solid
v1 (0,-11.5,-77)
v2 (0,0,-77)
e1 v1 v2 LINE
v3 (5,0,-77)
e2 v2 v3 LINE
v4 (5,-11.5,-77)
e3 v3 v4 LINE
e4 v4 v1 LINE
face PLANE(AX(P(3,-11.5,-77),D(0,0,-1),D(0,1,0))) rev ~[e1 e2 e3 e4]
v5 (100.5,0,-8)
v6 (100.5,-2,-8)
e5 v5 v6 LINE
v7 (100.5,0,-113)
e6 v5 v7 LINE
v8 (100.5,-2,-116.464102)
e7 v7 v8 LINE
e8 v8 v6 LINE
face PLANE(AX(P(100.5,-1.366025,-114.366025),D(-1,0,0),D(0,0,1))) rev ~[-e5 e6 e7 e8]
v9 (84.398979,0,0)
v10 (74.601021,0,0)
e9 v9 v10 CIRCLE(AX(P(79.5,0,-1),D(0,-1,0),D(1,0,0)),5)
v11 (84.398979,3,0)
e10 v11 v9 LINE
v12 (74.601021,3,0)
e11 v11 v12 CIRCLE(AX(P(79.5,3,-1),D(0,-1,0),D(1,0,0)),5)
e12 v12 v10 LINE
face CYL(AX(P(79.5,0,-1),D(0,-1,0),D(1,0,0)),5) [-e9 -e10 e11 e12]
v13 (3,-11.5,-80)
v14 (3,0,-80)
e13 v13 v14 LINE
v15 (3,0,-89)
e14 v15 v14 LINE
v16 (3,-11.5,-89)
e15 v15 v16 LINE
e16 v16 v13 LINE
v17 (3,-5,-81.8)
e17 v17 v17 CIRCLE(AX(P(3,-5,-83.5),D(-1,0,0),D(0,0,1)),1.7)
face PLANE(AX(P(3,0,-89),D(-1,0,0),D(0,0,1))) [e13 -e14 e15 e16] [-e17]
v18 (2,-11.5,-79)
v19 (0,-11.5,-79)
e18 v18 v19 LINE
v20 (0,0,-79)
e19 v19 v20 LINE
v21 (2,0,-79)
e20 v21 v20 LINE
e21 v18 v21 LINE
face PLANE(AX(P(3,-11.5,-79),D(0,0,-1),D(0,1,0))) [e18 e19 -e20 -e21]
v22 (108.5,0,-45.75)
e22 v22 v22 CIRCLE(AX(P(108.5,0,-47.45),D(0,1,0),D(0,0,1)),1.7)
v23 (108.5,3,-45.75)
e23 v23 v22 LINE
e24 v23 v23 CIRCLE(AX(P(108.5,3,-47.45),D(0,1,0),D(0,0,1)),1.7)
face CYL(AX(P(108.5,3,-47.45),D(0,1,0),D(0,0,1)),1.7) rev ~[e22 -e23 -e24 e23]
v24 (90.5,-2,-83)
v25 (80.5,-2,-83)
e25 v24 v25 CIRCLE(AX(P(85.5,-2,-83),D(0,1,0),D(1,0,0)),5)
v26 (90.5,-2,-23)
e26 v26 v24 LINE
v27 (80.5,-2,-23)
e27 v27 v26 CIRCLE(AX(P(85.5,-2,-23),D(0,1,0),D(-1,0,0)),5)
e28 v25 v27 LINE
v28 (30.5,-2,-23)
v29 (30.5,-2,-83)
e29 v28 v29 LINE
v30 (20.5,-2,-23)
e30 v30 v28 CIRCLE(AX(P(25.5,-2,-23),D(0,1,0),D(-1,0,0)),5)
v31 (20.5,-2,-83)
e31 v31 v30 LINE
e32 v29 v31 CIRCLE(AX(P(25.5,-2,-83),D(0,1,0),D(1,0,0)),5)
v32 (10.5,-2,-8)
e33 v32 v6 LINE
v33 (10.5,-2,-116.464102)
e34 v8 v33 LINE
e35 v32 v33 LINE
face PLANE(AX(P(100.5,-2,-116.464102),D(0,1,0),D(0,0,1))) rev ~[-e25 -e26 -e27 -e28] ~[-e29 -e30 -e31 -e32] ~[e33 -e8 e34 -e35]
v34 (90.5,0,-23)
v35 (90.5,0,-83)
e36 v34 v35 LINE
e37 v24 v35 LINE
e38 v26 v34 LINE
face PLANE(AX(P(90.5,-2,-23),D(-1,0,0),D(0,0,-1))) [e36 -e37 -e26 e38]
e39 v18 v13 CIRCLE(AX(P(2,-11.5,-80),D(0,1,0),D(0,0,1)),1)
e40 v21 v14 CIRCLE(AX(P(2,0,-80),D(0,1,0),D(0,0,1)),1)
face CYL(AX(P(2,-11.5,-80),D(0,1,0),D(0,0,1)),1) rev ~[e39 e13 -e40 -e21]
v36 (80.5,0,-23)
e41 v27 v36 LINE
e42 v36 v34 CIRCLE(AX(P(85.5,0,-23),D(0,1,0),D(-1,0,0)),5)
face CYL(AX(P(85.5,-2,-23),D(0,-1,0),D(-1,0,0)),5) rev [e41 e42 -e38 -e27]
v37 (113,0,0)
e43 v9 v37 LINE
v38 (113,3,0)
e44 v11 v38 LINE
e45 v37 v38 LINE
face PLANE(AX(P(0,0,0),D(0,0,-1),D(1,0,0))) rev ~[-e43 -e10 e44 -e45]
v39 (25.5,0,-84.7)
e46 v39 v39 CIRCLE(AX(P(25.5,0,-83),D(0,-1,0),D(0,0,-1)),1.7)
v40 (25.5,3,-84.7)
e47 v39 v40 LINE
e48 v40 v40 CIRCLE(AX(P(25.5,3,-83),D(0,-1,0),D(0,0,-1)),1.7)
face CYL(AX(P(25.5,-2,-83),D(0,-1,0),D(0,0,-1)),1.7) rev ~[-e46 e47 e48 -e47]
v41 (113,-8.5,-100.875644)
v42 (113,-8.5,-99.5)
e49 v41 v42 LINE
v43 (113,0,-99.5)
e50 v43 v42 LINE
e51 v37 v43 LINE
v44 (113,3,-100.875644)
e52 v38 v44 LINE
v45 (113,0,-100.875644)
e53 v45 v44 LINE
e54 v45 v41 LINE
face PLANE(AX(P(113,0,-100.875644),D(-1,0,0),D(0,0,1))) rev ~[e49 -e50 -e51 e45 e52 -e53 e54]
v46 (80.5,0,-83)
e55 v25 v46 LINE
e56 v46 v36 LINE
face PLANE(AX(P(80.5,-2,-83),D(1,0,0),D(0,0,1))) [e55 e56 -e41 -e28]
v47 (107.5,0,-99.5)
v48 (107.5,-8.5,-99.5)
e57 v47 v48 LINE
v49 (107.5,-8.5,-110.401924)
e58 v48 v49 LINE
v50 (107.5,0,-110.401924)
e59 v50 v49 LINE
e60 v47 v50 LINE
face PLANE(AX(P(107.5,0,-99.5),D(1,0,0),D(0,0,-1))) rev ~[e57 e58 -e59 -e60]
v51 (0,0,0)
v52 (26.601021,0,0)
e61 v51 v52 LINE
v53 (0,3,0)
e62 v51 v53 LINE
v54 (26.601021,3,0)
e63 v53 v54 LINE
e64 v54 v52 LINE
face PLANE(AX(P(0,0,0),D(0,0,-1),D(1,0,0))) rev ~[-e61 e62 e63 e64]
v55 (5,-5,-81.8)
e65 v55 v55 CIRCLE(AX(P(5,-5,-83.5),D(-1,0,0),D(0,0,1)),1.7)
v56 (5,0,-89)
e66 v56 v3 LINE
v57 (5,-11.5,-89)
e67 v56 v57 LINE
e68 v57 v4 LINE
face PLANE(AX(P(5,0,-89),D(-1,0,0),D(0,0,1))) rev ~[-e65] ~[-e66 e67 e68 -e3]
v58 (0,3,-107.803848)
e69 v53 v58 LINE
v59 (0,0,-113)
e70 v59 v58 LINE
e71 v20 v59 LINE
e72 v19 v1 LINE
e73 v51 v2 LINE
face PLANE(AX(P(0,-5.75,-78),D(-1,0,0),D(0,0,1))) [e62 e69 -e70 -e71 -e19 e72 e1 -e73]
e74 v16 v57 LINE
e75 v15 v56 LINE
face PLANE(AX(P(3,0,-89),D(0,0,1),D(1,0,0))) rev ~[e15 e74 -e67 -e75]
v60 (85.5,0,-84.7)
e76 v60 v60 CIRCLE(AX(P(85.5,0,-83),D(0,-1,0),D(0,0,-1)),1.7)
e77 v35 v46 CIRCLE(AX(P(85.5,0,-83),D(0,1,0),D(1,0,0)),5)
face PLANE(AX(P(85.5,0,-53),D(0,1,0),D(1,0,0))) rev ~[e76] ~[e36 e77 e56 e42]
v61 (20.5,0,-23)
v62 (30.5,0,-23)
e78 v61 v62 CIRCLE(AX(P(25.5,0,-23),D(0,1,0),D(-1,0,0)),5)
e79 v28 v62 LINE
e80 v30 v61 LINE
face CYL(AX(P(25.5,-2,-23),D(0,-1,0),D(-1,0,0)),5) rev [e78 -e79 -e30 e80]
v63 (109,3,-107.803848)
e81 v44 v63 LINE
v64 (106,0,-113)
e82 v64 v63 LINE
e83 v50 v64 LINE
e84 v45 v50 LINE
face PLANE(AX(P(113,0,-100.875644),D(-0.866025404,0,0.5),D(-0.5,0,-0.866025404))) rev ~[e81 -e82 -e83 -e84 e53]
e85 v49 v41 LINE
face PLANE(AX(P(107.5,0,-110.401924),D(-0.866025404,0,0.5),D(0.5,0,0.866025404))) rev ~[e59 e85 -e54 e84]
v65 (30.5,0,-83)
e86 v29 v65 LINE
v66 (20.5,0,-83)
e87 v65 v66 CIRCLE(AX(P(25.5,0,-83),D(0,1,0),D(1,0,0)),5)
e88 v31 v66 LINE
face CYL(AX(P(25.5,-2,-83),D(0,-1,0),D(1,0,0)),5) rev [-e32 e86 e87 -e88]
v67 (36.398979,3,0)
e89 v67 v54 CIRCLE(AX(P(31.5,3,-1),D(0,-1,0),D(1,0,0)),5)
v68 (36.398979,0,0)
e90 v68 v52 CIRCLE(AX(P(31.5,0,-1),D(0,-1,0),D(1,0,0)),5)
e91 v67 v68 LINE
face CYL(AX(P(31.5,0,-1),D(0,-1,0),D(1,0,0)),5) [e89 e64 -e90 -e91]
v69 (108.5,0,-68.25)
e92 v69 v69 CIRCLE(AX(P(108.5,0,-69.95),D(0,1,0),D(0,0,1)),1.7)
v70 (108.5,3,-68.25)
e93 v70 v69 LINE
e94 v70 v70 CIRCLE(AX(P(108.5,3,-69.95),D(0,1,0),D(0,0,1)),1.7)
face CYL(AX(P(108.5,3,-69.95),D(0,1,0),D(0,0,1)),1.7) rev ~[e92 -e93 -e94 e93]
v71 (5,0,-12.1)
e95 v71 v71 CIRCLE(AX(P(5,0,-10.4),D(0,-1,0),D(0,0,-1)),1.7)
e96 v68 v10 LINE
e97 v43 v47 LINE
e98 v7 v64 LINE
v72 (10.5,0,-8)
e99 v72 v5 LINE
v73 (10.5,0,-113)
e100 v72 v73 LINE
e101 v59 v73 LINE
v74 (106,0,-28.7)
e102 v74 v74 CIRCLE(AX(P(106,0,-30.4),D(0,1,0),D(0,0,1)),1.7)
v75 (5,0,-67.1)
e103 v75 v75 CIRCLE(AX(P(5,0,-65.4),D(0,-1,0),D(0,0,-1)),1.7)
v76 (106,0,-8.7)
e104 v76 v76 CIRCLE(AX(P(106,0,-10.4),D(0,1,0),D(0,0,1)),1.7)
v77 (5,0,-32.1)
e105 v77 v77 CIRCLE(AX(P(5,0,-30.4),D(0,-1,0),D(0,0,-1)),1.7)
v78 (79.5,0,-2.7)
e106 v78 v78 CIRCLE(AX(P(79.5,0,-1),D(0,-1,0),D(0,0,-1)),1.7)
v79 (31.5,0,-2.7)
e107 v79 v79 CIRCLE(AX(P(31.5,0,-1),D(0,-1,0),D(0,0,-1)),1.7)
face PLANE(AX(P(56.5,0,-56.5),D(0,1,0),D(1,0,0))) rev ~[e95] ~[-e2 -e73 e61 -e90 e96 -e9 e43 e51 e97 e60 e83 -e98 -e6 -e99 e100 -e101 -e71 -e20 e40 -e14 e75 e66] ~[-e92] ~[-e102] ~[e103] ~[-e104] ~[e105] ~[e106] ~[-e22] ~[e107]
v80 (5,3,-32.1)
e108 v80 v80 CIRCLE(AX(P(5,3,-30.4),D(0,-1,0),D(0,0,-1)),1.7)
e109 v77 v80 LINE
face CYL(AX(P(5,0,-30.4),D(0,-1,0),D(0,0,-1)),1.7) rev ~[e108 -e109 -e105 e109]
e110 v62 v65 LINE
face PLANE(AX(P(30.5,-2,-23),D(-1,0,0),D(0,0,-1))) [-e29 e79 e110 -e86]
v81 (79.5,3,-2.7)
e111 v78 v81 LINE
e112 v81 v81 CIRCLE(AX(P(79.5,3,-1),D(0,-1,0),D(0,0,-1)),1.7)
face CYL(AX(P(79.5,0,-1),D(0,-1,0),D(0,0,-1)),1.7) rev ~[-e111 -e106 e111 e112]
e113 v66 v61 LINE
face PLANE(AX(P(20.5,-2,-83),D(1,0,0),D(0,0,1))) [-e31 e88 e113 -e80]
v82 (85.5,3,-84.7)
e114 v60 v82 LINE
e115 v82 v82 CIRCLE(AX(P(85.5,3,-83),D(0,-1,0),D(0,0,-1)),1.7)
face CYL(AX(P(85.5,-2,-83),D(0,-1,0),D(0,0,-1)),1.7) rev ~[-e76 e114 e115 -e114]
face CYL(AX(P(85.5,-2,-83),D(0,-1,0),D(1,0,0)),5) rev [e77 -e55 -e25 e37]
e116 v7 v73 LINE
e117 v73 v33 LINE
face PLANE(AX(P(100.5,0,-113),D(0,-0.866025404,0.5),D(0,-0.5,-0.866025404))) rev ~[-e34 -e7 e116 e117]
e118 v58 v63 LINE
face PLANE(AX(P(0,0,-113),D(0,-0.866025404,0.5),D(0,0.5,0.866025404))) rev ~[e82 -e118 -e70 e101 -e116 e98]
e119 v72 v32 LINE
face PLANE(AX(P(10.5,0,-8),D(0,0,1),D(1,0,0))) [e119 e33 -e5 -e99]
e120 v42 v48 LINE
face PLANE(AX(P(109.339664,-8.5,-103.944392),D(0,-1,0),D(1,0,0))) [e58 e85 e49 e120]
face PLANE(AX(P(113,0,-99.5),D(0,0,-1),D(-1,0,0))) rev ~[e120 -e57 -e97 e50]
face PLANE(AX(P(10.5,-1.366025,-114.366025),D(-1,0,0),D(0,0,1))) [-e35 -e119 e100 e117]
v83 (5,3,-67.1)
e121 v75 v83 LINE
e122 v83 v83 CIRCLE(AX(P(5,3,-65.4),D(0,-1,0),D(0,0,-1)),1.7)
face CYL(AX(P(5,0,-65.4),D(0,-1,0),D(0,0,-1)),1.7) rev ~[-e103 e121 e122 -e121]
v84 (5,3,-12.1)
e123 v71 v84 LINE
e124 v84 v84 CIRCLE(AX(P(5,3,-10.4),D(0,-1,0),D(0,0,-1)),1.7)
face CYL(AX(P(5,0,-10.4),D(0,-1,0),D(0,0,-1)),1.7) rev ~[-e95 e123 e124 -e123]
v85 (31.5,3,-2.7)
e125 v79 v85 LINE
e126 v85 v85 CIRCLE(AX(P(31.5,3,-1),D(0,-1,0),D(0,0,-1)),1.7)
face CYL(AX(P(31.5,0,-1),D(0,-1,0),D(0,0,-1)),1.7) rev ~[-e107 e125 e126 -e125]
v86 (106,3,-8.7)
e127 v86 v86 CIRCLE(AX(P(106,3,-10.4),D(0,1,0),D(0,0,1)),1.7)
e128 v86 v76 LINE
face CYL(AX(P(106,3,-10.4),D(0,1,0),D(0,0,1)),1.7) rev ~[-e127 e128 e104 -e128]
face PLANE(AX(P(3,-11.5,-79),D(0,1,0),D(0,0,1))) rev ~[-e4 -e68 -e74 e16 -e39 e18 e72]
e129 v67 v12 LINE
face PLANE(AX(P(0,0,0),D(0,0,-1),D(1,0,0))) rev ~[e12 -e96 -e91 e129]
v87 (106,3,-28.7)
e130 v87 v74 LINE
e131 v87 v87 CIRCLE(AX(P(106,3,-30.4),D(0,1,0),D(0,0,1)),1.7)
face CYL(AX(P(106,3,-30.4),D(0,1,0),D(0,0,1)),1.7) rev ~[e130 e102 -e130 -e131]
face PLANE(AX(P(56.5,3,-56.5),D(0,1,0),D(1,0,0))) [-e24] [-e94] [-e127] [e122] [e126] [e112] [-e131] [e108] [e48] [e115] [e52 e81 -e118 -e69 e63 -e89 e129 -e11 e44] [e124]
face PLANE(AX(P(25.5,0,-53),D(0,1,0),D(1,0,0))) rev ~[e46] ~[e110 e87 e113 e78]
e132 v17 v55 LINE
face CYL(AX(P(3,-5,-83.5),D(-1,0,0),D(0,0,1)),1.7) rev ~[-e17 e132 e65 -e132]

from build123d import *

# Parameters (mm, degrees)
SKETCH_1_W          = 113
SKETCH_1_H          = 113
EXTRUDE_1_DEPTH     = 3
CUT_EXTRUDE_1_REACH = 161.834
SKETCH_2_R          = 1.7
SKETCH_3_W          = 90
SKETCH_3_H          = 105
EXTRUDE_2_DEPTH     = 2
SKETCH_5_R          = 5
EXTRUDE_3_DEPTH     = 3
CUT_EXTRUDE_2_REACH = 161.834
SKETCH_6_R          = 1.7
CUT_EXTRUDE_3_REACH = 161.834
SKETCH_7_R          = 1.7
CUT_EXTRUDE_4_REACH = 161.884
SKETCH_8_R          = 1.7
EXTRUDE_5_DEPTH     = 90
CUT_EXTRUDE_5_DEPTH = 2
SKETCH_13_W         = 2
SKETCH_13_H         = 12
EXTRUDE_6_DEPTH     = 11.5
CUT_EXTRUDE_6_REACH = 162.612
SKETCH_14_R         = 1.7
CUT_EXTRUDE_7_REACH = 164.681
EXTRUDE_7_DEPTH     = 8.5
SKETCH_17_W         = 2
SKETCH_17_H         = 11.5
EXTRUDE_8_DEPTH     = 3
FILLET_1_R          = 1
CUT_EXTRUDE_8_DEPTH = 163.681089759


with BuildPart() as part:
    # 草图1 → 凸台-拉伸1 (new body)
    with BuildSketch(Plane(origin=(0, 0, 0), x_dir=(1, 0, 0), z_dir=(0, 1, 0))):
        with Locations((56.5, 56.5)):
            Rectangle(SKETCH_1_W, SKETCH_1_H)
    extrude(amount=EXTRUDE_1_DEPTH)

    # 草图2 → 切除-拉伸1 (cut, up to next)
    with BuildSketch(Plane(origin=(0, 3, 0), x_dir=(1, 0, 0), z_dir=(0, 1, 0)), mode=Mode.PRIVATE) as cut_extrude_1_sk1:
        with Locations(Location((108.5, 69.95, 0), (0, 0, 270))):
            Circle(SKETCH_2_R)
    cut_extrude_1_tool1 = extrude(cut_extrude_1_sk1.sketch, amount=-CUT_EXTRUDE_1_REACH, mode=Mode.PRIVATE) & part.part
    # 草图2 → 切除-拉伸1 (cut, up to next)
    with BuildSketch(Plane(origin=(0, 3, 0), x_dir=(1, 0, 0), z_dir=(0, 1, 0)), mode=Mode.PRIVATE) as cut_extrude_1_sk2:
        with Locations(Location((108.5, 47.45, 0), (0, 0, 270))):
            Circle(SKETCH_2_R)
    cut_extrude_1_tool2 = extrude(cut_extrude_1_sk2.sketch, amount=-CUT_EXTRUDE_1_REACH, mode=Mode.PRIVATE) & part.part
    # 草图2 → 切除-拉伸1 (cut, up to next)
    with BuildSketch(Plane(origin=(0, 3, 0), x_dir=(1, 0, 0), z_dir=(0, 1, 0)), mode=Mode.PRIVATE) as cut_extrude_1_sk3:
        with Locations(Location((106, 30.4, 0), (0, 0, 270))):
            Circle(SKETCH_2_R)
    cut_extrude_1_tool3 = extrude(cut_extrude_1_sk3.sketch, amount=-CUT_EXTRUDE_1_REACH, mode=Mode.PRIVATE) & part.part
    # 草图2 → 切除-拉伸1 (cut, up to next)
    with BuildSketch(Plane(origin=(0, 3, 0), x_dir=(1, 0, 0), z_dir=(0, 1, 0)), mode=Mode.PRIVATE) as cut_extrude_1_sk4:
        with Locations(Location((106, 10.4, 0), (0, 0, 270))):
            Circle(SKETCH_2_R)
    cut_extrude_1_tool4 = extrude(cut_extrude_1_sk4.sketch, amount=-CUT_EXTRUDE_1_REACH, mode=Mode.PRIVATE) & part.part
    add(cut_extrude_1_tool1.solids().sort_by_distance((108.5, 3, -69.95))[0], mode=Mode.SUBTRACT)
    add(cut_extrude_1_tool2.solids().sort_by_distance((108.5, 3, -47.45))[0], mode=Mode.SUBTRACT)
    add(cut_extrude_1_tool3.solids().sort_by_distance((106, 3, -30.4))[0], mode=Mode.SUBTRACT)
    add(cut_extrude_1_tool4.solids().sort_by_distance((106, 3, -10.4))[0], mode=Mode.SUBTRACT)

    # 草图3 → 凸台-拉伸2 (add)
    with BuildSketch(Plane(origin=(0, 0, 0), x_dir=(1, 0, 0), z_dir=(0, 1, 0))):
        with Locations((55.5, 60.5)):
            Rectangle(SKETCH_3_W, SKETCH_3_H)
    extrude(amount=-EXTRUDE_2_DEPTH)

    # 草图5 → 凸台-拉伸3 (add)
    with BuildSketch(Plane.XZ):
        with Locations((79.5, -1)):
            Circle(SKETCH_5_R)
        with Locations((31.5, -1)):
            Circle(SKETCH_5_R)
    extrude(amount=-EXTRUDE_3_DEPTH)

    # 草图6 → 切除-拉伸2 (cut, up to next)
    with BuildSketch(Plane.XZ, mode=Mode.PRIVATE) as cut_extrude_2_sk1:
        with Locations(Location((31.5, -1, 0), (0, 0, 270))):
            Circle(SKETCH_6_R)
    cut_extrude_2_tool1 = extrude(cut_extrude_2_sk1.sketch, amount=-CUT_EXTRUDE_2_REACH, mode=Mode.PRIVATE) & part.part
    # 草图6 → 切除-拉伸2 (cut, up to next)
    with BuildSketch(Plane.XZ, mode=Mode.PRIVATE) as cut_extrude_2_sk2:
        with Locations(Location((79.5, -1, 0), (0, 0, 270))):
            Circle(SKETCH_6_R)
    cut_extrude_2_tool2 = extrude(cut_extrude_2_sk2.sketch, amount=-CUT_EXTRUDE_2_REACH, mode=Mode.PRIVATE) & part.part
    add(cut_extrude_2_tool1.solids().sort_by_distance((31.5, 0, -1))[0], mode=Mode.SUBTRACT)
    add(cut_extrude_2_tool2.solids().sort_by_distance((79.5, 0, -1))[0], mode=Mode.SUBTRACT)

    # 草图7 → 切除-拉伸3 (cut, up to next)
    with BuildSketch(Plane.XZ, mode=Mode.PRIVATE) as cut_extrude_3_sk1:
        with Locations(Location((5, -10.4, 0), (0, 0, 270))):
            Circle(SKETCH_7_R)
    cut_extrude_3_tool1 = extrude(cut_extrude_3_sk1.sketch, amount=-CUT_EXTRUDE_3_REACH, mode=Mode.PRIVATE) & part.part
    # 草图7 → 切除-拉伸3 (cut, up to next)
    with BuildSketch(Plane.XZ, mode=Mode.PRIVATE) as cut_extrude_3_sk2:
        with Locations(Location((5, -30.4, 0), (0, 0, 270))):
            Circle(SKETCH_7_R)
    cut_extrude_3_tool2 = extrude(cut_extrude_3_sk2.sketch, amount=-CUT_EXTRUDE_3_REACH, mode=Mode.PRIVATE) & part.part
    # 草图7 → 切除-拉伸3 (cut, up to next)
    with BuildSketch(Plane.XZ, mode=Mode.PRIVATE) as cut_extrude_3_sk3:
        with Locations(Location((5, -65.4, 0), (0, 0, 270))):
            Circle(SKETCH_7_R)
    cut_extrude_3_tool3 = extrude(cut_extrude_3_sk3.sketch, amount=-CUT_EXTRUDE_3_REACH, mode=Mode.PRIVATE) & part.part
    add(cut_extrude_3_tool1.solids().sort_by_distance((5, 0, -10.4))[0], mode=Mode.SUBTRACT)
    add(cut_extrude_3_tool2.solids().sort_by_distance((5, 0, -30.4))[0], mode=Mode.SUBTRACT)
    add(cut_extrude_3_tool3.solids().sort_by_distance((5, 0, -65.4))[0], mode=Mode.SUBTRACT)

    # 草图8 → 切除-拉伸4 (cut, up to next)
    with BuildSketch(Plane.XZ.offset(2), mode=Mode.PRIVATE) as cut_extrude_4_sk1:
        with Locations(Location((25.5, -83, 0), (0, 0, 270))):
            Circle(SKETCH_8_R)
    cut_extrude_4_tool1 = extrude(cut_extrude_4_sk1.sketch, amount=-CUT_EXTRUDE_4_REACH, mode=Mode.PRIVATE) & part.part
    # 草图8 → 切除-拉伸4 (cut, up to next)
    with BuildSketch(Plane.XZ.offset(2), mode=Mode.PRIVATE) as cut_extrude_4_sk2:
        with Locations(Location((85.5, -83, 0), (0, 0, 270))):
            Circle(SKETCH_8_R)
    cut_extrude_4_tool2 = extrude(cut_extrude_4_sk2.sketch, amount=-CUT_EXTRUDE_4_REACH, mode=Mode.PRIVATE) & part.part
    add(cut_extrude_4_tool1.solids().sort_by_distance((25.5, -2, -83))[0], mode=Mode.SUBTRACT)
    add(cut_extrude_4_tool2.solids().sort_by_distance((85.5, -2, -83))[0], mode=Mode.SUBTRACT)

    # 草图10 → 凸台-拉伸5 (add)
    with BuildSketch(Plane(origin=(100.5, 0, 0), x_dir=(0, 0, -1), z_dir=(1, 0, 0))):
        Polygon((113, 0), (116.464101615, -2), (113, -2), align=None)
    extrude(amount=-EXTRUDE_5_DEPTH)

    # 草图11 → 切除-拉伸5 (cut)
    with BuildSketch(Plane(origin=(0, -2, 0), x_dir=(1, 0, 0), z_dir=(0, 1, 0))):
        with BuildLine():
            Line((20.5, 83), (20.5, 23))
            ThreePointArc((20.5, 23), (25.5, 18), (30.5, 23))
            Line((30.5, 23), (30.5, 83))
            ThreePointArc((30.5, 83), (25.5, 88), (20.5, 83))
        make_face()
        with BuildLine():
            Line((80.5, 83), (80.5, 23))
            ThreePointArc((80.5, 23), (85.5, 18), (90.5, 23))
            Line((90.5, 23), (90.5, 83))
            ThreePointArc((90.5, 83), (85.5, 88), (80.5, 83))
        make_face()
    extrude(amount=CUT_EXTRUDE_5_DEPTH, mode=Mode.SUBTRACT)

    # 草图13 → 凸台-拉伸6 (add)
    with BuildSketch(Plane.XZ):
        with Locations((4, -83)):
            Rectangle(SKETCH_13_W, SKETCH_13_H)
    extrude(amount=EXTRUDE_6_DEPTH)

    # 草图14 → 切除-拉伸6 (cut, up to next)
    with BuildSketch(Plane.ZY.offset(-3), mode=Mode.PRIVATE) as cut_extrude_6_sk1:
        with Locations((-83.5, -5)):
            Circle(SKETCH_14_R)
    cut_extrude_6_tool1 = extrude(cut_extrude_6_sk1.sketch, amount=-CUT_EXTRUDE_6_REACH, mode=Mode.PRIVATE) & part.part
    add(cut_extrude_6_tool1.solids().sort_by_distance((3, -5, -83.5))[0], mode=Mode.SUBTRACT)

    # 草图15 → 切除-拉伸7 (cut, up to next)
    with BuildSketch(Plane.XZ, mode=Mode.PRIVATE) as cut_extrude_7_sk1:
        Polygon((113, -100.875644347), (106, -113), (113, -113), align=None)
    cut_extrude_7_tool1 = extrude(cut_extrude_7_sk1.sketch, amount=-CUT_EXTRUDE_7_REACH, mode=Mode.PRIVATE) & part.part
    add(cut_extrude_7_tool1.solids().sort_by_distance((110.666667, 0, -108.958548))[0], mode=Mode.SUBTRACT)

    # 草图16 → 凸台-拉伸7 (add)
    with BuildSketch(Plane.XZ):
        Polygon((113, -99.5), (107.5, -99.5), (107.5, -110.401923789), (113, -100.875644347), align=None)
    extrude(amount=EXTRUDE_7_DEPTH)

    # 草图17 → 凸台-拉伸8 (add)
    with BuildSketch(Plane.ZY.offset(-3)):
        with Locations((-78, -5.75)):
            Rectangle(SKETCH_17_W, SKETCH_17_H)
    extrude(amount=EXTRUDE_8_DEPTH)

    # 圆角1
    fillet_1_edges = [part.edges().sort_by_distance(p)[0] for p in [
        (3, -5.75, -79),
    ]]
    fillet(fillet_1_edges, radius=FILLET_1_R)

    # 草图19 → 切除-拉伸8 (cut, through all)
    with BuildSketch(Plane.ZY):
        Polygon((-113, 0), (-107.803847577, 3), (-113, 3), align=None)
    extrude(amount=-CUT_EXTRUDE_8_DEPTH, mode=Mode.SUBTRACT)


solid = part.part
